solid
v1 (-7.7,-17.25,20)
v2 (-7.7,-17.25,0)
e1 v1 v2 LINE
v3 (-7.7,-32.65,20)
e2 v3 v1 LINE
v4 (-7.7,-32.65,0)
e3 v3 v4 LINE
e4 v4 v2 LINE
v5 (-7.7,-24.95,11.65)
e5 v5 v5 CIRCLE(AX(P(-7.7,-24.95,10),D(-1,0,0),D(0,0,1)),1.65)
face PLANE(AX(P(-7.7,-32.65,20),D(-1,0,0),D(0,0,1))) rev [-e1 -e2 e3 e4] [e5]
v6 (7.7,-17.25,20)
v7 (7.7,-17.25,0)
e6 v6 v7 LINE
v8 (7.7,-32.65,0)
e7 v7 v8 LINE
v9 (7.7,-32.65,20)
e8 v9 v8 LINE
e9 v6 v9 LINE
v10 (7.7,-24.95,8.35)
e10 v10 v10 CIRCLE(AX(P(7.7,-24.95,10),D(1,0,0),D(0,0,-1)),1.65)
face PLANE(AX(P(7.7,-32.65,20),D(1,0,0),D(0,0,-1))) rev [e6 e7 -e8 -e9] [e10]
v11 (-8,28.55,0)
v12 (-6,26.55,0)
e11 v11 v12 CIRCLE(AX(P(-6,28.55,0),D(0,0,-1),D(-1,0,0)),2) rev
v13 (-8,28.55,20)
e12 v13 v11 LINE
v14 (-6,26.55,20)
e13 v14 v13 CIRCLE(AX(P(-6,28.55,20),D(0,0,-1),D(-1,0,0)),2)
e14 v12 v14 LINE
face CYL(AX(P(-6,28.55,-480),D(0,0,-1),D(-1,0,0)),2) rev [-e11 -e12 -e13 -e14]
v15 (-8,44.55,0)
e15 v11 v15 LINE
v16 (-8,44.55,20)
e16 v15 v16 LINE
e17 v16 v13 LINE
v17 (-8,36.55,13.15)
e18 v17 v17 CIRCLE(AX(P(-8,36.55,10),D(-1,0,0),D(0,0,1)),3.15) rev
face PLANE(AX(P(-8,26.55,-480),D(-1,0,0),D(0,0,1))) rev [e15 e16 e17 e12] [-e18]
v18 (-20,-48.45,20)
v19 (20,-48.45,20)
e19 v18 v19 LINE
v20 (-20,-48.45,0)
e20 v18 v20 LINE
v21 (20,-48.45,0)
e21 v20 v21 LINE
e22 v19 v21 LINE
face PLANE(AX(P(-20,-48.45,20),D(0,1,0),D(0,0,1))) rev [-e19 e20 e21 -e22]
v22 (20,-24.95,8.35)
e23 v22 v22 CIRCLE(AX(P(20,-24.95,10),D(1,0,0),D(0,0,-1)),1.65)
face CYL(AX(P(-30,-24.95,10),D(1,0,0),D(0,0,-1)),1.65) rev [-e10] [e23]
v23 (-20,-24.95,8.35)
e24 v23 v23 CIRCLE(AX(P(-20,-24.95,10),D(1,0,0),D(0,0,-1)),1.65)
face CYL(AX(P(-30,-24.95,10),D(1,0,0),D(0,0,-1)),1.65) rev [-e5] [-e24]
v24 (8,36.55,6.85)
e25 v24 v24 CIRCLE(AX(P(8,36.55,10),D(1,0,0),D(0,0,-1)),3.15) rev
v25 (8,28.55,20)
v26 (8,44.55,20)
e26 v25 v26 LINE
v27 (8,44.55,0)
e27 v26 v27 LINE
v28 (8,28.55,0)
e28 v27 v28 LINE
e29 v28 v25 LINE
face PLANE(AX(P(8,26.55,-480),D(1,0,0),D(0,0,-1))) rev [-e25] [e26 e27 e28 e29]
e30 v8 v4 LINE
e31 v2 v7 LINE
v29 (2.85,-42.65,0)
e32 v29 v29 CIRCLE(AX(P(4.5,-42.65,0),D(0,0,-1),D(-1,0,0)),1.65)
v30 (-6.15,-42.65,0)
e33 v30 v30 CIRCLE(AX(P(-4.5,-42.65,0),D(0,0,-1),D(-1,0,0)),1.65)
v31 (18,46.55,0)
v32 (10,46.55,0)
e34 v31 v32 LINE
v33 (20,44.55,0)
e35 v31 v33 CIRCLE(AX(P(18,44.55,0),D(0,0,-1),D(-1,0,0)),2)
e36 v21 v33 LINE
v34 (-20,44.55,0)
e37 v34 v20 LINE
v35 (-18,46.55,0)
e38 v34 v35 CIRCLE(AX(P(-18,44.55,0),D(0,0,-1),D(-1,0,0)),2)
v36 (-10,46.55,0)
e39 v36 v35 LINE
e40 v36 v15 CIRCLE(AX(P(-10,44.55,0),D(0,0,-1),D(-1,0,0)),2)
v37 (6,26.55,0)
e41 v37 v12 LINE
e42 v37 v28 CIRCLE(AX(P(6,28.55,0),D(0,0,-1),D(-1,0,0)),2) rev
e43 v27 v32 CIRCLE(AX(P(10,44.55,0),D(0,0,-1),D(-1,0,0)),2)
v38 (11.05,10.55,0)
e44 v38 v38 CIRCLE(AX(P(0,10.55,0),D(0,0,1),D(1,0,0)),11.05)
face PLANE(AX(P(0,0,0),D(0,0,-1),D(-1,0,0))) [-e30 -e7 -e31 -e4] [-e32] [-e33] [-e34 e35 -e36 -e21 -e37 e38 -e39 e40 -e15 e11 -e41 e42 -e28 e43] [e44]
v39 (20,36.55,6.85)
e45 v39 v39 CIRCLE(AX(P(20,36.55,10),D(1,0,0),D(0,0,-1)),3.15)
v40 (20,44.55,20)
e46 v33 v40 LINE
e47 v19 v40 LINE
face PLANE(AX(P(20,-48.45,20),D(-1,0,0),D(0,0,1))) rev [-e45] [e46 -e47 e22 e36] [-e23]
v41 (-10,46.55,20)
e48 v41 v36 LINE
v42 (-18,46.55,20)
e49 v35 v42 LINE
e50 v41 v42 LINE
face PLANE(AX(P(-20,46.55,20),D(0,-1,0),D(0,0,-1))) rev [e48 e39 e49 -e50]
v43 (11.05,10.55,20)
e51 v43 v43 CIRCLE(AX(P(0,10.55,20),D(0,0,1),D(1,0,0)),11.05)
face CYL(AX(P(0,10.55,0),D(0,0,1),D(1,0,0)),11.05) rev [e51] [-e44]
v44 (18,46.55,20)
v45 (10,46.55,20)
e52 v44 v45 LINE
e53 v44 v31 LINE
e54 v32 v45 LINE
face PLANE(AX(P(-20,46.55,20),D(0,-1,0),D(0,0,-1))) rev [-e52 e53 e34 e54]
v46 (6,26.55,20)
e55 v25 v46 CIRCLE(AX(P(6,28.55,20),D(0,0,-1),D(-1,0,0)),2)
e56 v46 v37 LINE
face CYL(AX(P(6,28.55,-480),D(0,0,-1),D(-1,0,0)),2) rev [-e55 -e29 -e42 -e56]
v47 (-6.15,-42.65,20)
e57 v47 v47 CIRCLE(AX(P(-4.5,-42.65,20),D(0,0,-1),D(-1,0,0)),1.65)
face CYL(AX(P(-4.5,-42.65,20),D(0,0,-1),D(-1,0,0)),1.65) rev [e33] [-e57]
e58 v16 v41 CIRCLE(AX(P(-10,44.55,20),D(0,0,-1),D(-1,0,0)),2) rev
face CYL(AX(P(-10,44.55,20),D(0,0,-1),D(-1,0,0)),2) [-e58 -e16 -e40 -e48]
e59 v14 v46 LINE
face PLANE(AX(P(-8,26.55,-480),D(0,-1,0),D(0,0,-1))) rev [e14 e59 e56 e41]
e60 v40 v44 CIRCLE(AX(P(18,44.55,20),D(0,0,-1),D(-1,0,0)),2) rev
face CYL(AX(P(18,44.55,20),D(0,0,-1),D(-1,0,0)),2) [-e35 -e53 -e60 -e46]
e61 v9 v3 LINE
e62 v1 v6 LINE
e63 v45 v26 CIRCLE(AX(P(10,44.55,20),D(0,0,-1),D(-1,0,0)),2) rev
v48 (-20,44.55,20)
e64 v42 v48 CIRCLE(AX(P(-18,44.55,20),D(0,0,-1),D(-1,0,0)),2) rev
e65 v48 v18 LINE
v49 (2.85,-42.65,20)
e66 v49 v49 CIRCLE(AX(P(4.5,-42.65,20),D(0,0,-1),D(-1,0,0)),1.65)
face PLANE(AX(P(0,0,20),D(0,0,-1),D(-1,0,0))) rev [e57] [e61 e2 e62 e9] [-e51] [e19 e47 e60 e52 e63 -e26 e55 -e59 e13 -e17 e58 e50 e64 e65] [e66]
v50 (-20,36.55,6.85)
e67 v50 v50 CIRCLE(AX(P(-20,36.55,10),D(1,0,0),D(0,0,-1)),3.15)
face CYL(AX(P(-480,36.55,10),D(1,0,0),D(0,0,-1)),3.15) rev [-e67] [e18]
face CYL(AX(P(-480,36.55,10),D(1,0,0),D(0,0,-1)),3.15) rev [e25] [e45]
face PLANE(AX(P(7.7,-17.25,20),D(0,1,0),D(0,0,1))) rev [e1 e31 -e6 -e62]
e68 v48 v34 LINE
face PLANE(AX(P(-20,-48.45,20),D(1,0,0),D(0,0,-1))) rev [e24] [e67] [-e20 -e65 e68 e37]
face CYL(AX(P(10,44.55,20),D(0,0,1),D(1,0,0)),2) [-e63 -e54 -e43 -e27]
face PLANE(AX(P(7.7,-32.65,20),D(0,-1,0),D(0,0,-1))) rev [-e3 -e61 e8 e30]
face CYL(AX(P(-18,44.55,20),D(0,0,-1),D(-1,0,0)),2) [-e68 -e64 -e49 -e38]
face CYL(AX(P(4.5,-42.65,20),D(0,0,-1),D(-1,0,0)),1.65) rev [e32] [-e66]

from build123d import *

# Parameters (mm, degrees)
SKETCH_1_W          = 40
SKETCH_1_H          = 95
EXTRUDE_1_DEPTH     = 20
SKETCH_2_R          = 3.15
CUT_EXTRUDE_1_DEPTH = 500
SKETCH_4_W          = 16
SKETCH_4_H          = 24.328759663
CUT_EXTRUDE_2_DEPTH = 500
SKETCH_5_R          = 11.05
CUT_EXTRUDE_3_DEPTH = 20
SKETCH_6_W          = 15.4
SKETCH_6_H          = 15.4
CUT_EXTRUDE_4_DEPTH = 20
SKETCH_7_R          = 1.65
CUT_EXTRUDE_5_DEPTH = 20
SKETCH_8_R          = 1.65
CUT_EXTRUDE_6_DEPTH = 50
FILLET_1_R          = 2


with BuildPart() as part:
    # 草图1 → 凸台-拉伸1 (new body)
    with BuildSketch(Plane.XY):
        with Locations((0, -0.95)):
            Rectangle(SKETCH_1_W, SKETCH_1_H)
    extrude(amount=EXTRUDE_1_DEPTH)

    # 草图2 → 切除-拉伸1 (cut)
    with BuildSketch(Plane(origin=(20, 0, 0), x_dir=(0, 0, -1), z_dir=(1, 0, 0))):
        with Locations((-10, 36.55)):
            Circle(SKETCH_2_R)
    extrude(amount=-CUT_EXTRUDE_1_DEPTH, mode=Mode.SUBTRACT)

    # 草图4 → 切除-拉伸2 (cut)
    with BuildSketch(Plane.XY.offset(20)):
        with Locations((0, 38.714379832)):
            Rectangle(SKETCH_4_W, SKETCH_4_H)
    extrude(amount=-CUT_EXTRUDE_2_DEPTH, mode=Mode.SUBTRACT)

    # 草图5 → 切除-拉伸3 (cut)
    with BuildSketch(Plane.XY.offset(20)):
        with Locations((0, 10.55)):
            Circle(SKETCH_5_R)
    extrude(amount=-CUT_EXTRUDE_3_DEPTH, mode=Mode.SUBTRACT)

    # 草图6 → 切除-拉伸4 (cut)
    with BuildSketch(Plane(origin=(0, 0, 0), x_dir=(-1, 0, 0), z_dir=(0, 0, -1))):
        with Locations((0, -24.95)):
            Rectangle(SKETCH_6_W, SKETCH_6_H)
    extrude(amount=-CUT_EXTRUDE_4_DEPTH, mode=Mode.SUBTRACT)

    # 草图7 → 切除-拉伸5 (cut)
    with BuildSketch(Plane(origin=(0, 0, 0), x_dir=(-1, 0, 0), z_dir=(0, 0, -1))):
        with Locations((4.5, -42.65)):
            Circle(SKETCH_7_R)
        with Locations((-4.5, -42.65)):
            Circle(SKETCH_7_R)
    extrude(amount=-CUT_EXTRUDE_5_DEPTH, mode=Mode.SUBTRACT)

    # 草图8 → 切除-拉伸6 (cut)
    with BuildSketch(Plane(origin=(20, 0, 0), x_dir=(0, 0, -1), z_dir=(1, 0, 0))):
        with Locations((-10, -24.95)):
            Circle(SKETCH_8_R)
    extrude(amount=-CUT_EXTRUDE_6_DEPTH, mode=Mode.SUBTRACT)

    # 圆角1
    fillet_1_edges = [part.edges().sort_by_distance(p)[0] for p in [
        (8, 46.55, 10),
        (-8, 46.55, 10),
        (-8, 26.55, 10),
        (8, 26.55, 10),
        (-20, 46.55, 10),
        (20, 46.55, 10),
    ]]
    fillet(fillet_1_edges, radius=FILLET_1_R)


solid = part.part
